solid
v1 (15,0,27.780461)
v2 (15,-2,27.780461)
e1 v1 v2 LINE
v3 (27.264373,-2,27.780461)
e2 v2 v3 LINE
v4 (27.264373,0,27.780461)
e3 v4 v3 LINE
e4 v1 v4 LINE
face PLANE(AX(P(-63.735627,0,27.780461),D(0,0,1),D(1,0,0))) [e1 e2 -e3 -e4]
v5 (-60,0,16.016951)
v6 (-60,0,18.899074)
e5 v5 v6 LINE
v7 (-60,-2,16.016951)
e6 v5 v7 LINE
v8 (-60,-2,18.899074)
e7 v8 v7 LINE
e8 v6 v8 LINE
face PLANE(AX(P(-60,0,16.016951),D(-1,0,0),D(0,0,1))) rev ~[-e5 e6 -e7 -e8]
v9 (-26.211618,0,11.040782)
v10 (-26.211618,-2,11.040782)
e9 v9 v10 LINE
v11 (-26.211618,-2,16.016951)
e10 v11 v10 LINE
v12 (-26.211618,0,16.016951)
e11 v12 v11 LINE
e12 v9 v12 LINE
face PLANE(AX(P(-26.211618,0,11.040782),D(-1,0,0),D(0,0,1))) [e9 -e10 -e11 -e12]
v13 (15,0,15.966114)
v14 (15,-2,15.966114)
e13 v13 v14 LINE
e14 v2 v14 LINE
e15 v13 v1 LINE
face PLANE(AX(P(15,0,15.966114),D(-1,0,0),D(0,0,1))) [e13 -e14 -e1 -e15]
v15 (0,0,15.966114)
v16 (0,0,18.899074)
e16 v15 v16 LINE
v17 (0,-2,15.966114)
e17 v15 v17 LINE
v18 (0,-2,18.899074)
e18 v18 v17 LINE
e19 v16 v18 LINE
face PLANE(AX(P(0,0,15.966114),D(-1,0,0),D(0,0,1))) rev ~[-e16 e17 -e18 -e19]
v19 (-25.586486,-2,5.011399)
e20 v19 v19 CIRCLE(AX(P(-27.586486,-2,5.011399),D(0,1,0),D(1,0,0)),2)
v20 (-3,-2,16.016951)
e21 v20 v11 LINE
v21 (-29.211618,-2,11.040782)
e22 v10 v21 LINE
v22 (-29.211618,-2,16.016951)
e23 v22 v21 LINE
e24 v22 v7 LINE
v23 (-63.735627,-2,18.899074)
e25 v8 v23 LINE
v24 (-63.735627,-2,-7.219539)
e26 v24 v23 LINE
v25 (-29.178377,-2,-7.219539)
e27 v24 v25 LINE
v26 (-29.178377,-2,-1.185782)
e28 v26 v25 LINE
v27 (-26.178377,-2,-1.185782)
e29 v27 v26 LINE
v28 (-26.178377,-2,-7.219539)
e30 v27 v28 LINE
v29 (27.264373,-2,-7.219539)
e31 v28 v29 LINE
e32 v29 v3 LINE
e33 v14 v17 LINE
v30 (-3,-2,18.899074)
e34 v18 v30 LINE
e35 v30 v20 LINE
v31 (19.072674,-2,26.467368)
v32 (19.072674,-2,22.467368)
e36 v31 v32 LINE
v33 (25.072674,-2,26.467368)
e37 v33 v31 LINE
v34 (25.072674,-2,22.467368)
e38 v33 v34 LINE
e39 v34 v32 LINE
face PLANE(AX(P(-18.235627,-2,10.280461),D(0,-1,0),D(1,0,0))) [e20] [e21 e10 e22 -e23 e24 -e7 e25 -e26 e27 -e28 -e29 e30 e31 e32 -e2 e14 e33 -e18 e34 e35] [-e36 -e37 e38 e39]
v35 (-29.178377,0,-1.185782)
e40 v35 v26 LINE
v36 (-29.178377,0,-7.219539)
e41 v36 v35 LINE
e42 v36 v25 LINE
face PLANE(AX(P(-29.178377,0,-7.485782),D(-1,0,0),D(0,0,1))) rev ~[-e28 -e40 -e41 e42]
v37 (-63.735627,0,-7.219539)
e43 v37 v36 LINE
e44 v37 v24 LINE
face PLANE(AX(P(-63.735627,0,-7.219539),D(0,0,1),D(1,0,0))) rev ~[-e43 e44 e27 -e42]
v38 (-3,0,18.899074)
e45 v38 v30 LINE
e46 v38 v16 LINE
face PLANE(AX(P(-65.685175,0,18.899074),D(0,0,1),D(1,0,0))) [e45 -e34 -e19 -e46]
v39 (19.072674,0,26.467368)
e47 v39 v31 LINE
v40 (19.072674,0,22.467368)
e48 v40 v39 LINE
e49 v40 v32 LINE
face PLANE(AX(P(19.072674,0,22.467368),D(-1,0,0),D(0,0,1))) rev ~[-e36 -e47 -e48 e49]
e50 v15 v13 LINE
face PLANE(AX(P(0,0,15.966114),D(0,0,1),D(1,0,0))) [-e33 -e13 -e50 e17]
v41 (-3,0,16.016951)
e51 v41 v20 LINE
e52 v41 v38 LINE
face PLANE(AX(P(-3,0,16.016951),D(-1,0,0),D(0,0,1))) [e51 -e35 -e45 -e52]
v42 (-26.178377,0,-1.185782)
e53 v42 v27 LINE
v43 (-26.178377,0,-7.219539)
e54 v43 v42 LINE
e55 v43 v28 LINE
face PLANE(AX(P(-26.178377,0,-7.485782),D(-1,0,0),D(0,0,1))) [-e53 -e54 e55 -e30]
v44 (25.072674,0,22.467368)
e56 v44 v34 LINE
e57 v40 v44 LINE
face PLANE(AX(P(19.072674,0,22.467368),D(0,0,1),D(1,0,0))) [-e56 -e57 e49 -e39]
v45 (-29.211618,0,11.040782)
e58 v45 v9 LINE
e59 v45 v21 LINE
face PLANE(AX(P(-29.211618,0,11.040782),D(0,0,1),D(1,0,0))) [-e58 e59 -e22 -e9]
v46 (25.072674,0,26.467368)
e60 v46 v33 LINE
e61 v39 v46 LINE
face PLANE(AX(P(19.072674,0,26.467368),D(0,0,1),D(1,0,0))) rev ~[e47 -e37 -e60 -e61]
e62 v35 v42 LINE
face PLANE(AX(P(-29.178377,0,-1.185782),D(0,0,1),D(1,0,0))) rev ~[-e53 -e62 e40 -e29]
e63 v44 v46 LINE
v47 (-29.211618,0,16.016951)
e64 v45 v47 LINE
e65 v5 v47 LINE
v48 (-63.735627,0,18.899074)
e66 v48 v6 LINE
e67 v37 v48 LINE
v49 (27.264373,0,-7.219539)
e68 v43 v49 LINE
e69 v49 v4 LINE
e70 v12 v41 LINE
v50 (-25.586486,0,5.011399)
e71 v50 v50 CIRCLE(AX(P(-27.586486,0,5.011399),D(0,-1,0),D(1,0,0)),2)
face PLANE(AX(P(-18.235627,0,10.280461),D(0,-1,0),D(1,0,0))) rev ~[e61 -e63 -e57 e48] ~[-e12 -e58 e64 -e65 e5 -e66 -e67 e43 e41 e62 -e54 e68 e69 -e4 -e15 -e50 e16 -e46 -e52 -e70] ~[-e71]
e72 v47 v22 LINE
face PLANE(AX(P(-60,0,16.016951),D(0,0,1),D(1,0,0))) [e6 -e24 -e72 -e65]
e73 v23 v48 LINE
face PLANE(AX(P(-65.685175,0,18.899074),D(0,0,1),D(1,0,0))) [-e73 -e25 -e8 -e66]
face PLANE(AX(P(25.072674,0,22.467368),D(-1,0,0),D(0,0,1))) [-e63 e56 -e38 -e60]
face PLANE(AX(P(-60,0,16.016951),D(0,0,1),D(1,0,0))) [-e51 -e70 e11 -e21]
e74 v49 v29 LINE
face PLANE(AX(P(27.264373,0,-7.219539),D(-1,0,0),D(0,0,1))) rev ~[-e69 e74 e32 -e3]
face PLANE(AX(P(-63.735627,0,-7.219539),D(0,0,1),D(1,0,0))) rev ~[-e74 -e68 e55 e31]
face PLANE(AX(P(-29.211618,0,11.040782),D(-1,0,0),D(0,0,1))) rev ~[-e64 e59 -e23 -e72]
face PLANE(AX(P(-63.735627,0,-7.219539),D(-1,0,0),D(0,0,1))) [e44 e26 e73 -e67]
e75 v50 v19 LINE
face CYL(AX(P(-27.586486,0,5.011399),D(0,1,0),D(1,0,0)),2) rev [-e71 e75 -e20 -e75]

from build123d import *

# Parameters (mm, degrees)
F0_W      = 91
F0_H      = 35
F1_DEPTH  = 2
F2_W      = 15
F2_H      = 12
F3_DEPTH  = 3
F5_DEPTH  = 5
F6_W      = 57
F6_H      = 3
F7_DEPTH  = 3
F8_W      = 3
F8_H      = 5
F9_DEPTH  = 9
F10_W     = 3
F10_H     = 6.3
F11_DEPTH = 4
F12_R     = 2
F13_DEPTH = 4
F14_W     = 6
F14_H     = 4
F15_DEPTH = 4


with BuildPart() as f1:
    # F0 (on Front) → F1 (new body)
    with BuildSketch(Plane.XZ):
        with Locations((-18.235627, 10.280461)):
            Rectangle(F0_W, F0_H)
    extrude(amount=F1_DEPTH)

    # F2 (on Front) → F3 (cut)
    with BuildSketch(Plane.XZ):
        with Locations((7.5, 21.966114)):
            Rectangle(F2_W, F2_H)
    extrude(amount=F3_DEPTH, mode=Mode.SUBTRACT)

    # F4 (on Front) → F5 (cut)
    with BuildSketch(Plane.XZ):
        Polygon((-65.685175, 18.899074), (0, 18.899074), (0, 18.929425), (0, 28.964864), (-65.685175, 28.964864), align=None)
    extrude(amount=F5_DEPTH, mode=Mode.SUBTRACT)

    # F6 (on Front) → F7 (cut)
    with BuildSketch(Plane.XZ):
        with Locations((-31.5, 17.516951)):
            Rectangle(F6_W, F6_H)
    extrude(amount=F7_DEPTH, mode=Mode.SUBTRACT)

    # F8 (on Front) → F9 (cut)
    with BuildSketch(Plane.XZ):
        with Locations((-27.711618, 13.540782)):
            Rectangle(F8_W, F8_H)
    extrude(amount=F9_DEPTH, mode=Mode.SUBTRACT)

    # F10 (on Front) → F11 (cut)
    with BuildSketch(Plane.XZ):
        with Locations((-27.678377, -4.335782)):
            Rectangle(F10_W, F10_H)
    extrude(amount=F11_DEPTH, mode=Mode.SUBTRACT)

    # F12 (on Front) → F13 (cut)
    with BuildSketch(Plane.XZ):
        with Locations((-27.586486, 5.011399)):
            Circle(F12_R)
    extrude(amount=F13_DEPTH, mode=Mode.SUBTRACT)

    # F14 (on Front) → F15 (cut)
    with BuildSketch(Plane.XZ):
        with Locations((22.072674, 24.467368)):
            Rectangle(F14_W, F14_H)
    extrude(amount=F15_DEPTH, mode=Mode.SUBTRACT)


solid = f1.part
